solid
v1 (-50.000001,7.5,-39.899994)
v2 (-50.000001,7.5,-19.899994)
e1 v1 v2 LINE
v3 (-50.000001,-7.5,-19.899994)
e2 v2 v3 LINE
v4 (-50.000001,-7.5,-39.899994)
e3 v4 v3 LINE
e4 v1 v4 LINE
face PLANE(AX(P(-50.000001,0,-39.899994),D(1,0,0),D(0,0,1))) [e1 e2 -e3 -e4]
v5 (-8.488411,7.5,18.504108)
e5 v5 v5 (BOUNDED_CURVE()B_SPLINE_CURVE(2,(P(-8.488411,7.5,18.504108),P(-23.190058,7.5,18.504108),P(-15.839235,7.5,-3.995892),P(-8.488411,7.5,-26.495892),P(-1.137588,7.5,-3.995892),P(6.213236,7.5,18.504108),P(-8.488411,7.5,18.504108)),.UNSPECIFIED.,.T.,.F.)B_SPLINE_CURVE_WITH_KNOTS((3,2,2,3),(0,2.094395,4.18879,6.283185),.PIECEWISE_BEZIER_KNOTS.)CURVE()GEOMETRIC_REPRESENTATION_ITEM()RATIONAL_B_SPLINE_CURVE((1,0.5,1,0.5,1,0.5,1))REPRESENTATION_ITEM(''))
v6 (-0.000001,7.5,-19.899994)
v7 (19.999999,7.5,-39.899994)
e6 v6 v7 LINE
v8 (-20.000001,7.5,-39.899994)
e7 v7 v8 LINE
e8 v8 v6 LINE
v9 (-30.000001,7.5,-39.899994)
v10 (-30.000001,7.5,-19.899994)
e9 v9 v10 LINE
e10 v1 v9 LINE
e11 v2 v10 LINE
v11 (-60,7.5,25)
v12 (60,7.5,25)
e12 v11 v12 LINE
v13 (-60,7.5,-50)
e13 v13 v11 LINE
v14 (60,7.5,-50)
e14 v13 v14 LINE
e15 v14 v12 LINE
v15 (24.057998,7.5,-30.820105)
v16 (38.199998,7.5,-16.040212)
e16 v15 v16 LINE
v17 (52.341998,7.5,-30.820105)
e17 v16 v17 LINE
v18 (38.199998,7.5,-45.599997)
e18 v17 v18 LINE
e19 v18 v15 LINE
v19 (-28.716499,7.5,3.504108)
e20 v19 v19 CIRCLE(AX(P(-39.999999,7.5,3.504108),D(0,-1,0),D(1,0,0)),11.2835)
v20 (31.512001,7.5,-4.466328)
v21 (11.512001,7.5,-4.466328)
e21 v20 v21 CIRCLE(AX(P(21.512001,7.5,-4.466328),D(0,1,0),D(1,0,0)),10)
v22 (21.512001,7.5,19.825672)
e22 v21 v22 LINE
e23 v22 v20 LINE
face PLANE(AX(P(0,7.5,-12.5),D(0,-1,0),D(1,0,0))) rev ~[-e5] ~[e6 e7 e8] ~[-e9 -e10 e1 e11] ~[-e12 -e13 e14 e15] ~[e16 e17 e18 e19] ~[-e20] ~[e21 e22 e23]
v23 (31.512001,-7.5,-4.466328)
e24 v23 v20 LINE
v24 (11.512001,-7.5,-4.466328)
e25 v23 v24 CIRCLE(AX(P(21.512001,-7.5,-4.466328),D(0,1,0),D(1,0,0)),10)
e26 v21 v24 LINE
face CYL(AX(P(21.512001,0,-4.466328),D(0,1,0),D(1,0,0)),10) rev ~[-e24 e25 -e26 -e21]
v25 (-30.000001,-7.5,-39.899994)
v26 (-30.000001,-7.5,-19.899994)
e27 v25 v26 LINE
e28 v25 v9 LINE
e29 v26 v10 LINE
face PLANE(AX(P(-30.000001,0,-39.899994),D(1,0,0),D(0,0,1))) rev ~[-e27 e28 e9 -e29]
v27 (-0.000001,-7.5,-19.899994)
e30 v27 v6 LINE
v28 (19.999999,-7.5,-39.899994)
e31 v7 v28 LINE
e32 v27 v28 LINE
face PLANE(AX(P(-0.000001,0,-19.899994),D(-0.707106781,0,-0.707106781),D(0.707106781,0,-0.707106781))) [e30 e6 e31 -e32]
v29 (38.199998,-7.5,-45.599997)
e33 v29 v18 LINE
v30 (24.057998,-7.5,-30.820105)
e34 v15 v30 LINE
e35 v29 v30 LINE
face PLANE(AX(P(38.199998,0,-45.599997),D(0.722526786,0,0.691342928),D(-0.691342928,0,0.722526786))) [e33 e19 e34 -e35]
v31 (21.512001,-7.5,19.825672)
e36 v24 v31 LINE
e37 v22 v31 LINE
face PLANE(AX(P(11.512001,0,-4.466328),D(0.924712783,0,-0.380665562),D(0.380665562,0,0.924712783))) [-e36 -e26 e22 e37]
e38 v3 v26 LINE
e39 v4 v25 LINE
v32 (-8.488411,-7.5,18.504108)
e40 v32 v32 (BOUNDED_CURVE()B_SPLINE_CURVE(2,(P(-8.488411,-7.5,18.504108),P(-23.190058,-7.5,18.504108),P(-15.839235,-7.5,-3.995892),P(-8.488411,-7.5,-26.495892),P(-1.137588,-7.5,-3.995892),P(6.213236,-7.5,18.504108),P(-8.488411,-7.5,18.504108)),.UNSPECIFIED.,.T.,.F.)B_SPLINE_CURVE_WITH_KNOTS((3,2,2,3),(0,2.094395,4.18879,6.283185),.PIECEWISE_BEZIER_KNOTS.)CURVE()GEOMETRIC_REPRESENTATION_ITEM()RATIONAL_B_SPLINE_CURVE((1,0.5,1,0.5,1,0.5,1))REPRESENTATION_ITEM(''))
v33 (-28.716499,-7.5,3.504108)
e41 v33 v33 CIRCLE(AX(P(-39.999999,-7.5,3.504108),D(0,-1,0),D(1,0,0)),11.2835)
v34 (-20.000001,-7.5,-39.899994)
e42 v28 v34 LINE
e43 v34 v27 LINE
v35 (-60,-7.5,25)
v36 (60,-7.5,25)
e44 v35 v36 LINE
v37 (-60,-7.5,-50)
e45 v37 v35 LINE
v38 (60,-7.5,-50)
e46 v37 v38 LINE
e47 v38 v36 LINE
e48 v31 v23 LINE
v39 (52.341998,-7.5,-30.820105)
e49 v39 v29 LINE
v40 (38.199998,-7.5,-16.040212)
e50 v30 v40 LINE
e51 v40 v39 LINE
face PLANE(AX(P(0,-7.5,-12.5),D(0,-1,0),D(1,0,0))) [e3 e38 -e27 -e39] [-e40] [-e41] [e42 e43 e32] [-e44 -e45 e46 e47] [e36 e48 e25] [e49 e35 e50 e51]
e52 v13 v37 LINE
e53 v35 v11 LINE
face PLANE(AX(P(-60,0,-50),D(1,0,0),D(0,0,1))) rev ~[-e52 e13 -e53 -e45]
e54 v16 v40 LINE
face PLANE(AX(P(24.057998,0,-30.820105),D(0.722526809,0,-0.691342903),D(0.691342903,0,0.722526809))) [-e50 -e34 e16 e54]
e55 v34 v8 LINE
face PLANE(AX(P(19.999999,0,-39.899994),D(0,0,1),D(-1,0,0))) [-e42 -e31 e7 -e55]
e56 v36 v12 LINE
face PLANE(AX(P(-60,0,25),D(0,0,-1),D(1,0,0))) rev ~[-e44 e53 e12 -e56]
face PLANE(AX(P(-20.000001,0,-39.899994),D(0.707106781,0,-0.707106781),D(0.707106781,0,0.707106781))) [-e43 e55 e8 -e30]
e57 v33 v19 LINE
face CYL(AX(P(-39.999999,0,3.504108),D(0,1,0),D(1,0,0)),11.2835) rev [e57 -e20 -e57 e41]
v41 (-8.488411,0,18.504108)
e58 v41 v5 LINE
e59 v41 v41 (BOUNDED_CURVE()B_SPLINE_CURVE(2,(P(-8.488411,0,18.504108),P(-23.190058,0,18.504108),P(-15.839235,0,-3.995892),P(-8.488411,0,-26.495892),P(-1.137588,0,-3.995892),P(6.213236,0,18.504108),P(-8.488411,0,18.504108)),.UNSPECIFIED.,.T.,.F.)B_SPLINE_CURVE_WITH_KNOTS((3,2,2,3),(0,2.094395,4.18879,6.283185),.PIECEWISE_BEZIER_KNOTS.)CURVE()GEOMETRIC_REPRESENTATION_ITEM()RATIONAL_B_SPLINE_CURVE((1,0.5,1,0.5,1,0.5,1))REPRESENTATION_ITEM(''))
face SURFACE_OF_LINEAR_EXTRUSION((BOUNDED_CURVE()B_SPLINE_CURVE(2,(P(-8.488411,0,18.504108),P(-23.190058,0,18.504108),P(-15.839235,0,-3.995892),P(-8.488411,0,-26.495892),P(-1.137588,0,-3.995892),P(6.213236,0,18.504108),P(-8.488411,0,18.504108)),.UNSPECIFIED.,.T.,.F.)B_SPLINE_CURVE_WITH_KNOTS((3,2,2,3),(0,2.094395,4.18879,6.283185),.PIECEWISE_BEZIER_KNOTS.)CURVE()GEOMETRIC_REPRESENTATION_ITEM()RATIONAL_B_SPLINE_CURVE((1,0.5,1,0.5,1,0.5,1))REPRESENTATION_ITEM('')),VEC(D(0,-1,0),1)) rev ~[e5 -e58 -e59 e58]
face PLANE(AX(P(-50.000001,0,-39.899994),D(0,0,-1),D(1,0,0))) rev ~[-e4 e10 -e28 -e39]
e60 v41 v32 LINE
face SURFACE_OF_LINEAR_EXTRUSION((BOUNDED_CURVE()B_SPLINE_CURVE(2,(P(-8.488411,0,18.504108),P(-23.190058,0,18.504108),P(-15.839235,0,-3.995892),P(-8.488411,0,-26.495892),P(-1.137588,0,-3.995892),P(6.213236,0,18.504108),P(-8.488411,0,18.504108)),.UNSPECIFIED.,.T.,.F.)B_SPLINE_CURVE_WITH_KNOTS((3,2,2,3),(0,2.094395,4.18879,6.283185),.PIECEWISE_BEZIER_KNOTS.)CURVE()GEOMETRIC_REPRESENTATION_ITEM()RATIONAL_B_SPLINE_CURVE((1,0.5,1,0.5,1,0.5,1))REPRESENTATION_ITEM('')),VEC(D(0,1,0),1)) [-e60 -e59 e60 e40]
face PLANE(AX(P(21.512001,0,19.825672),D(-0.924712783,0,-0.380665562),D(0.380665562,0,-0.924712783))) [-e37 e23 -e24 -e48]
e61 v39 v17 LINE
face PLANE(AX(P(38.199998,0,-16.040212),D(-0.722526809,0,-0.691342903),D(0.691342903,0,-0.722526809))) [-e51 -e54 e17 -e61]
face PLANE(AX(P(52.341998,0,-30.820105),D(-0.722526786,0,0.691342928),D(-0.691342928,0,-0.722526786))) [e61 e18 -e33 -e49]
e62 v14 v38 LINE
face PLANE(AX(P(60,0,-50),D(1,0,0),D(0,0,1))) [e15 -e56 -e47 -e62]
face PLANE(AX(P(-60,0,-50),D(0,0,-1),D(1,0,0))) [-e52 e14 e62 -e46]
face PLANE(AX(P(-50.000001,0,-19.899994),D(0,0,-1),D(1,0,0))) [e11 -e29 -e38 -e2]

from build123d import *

# Parameters (mm, degrees)
F0_W     = 120
F0_H     = 75
F0_W_2   = 20
F0_H_2   = 20
F0_R     = 11.2835
F1_DEPTH = 7.5


with BuildPart() as f1:
    # F0 (on Front) → F1 (new body, symmetric)
    with BuildSketch(Plane.XZ):
        with Locations((0, -12.5)):
            Rectangle(F0_W, F0_H)
        with Locations((-40.000001, -29.899994)):
            Rectangle(F0_W_2, F0_H_2, mode=Mode.SUBTRACT)
        Polygon((19.999999, -39.899994), (-1e-06, -39.899994), (-20.000001, -39.899994), (-1e-06, -19.899994), align=None, mode=Mode.SUBTRACT)
        Polygon((24.057998, -30.820105), (38.199998, -16.040212), (52.341998, -30.820105), (38.199998, -45.599997), align=None, mode=Mode.SUBTRACT)
        with Locations((-39.999999, 3.504108)):
            Circle(F0_R, mode=Mode.SUBTRACT)
        with BuildLine():
            add(Edge.make_bspline(
                [(-8.488411, 18.504108), (-23.190058, 18.504108), (-15.839235, -3.995892), (-8.488411, -26.495892), (-1.137588, -3.995892), (6.213236, 18.504108), (-8.488411, 18.504108)],
                knots=[0, 0, 0, 2.094395, 2.094395, 4.18879, 4.18879, 6.283185, 6.283185, 6.283185], degree=2, weights=[1, 0.5, 1, 0.5, 1, 0.5, 1]))
        make_face(mode=Mode.SUBTRACT)
        with BuildLine():
            ThreePointArc((31.512001, -4.466328), (21.512001, -14.466328), (11.512001, -4.466328))
            Line((11.512001, -4.466328), (21.512001, 19.825672))
            Line((21.512001, 19.825672), (31.512001, -4.466328))
        make_face(mode=Mode.SUBTRACT)
    extrude(amount=F1_DEPTH, both=True)


solid = f1.part
